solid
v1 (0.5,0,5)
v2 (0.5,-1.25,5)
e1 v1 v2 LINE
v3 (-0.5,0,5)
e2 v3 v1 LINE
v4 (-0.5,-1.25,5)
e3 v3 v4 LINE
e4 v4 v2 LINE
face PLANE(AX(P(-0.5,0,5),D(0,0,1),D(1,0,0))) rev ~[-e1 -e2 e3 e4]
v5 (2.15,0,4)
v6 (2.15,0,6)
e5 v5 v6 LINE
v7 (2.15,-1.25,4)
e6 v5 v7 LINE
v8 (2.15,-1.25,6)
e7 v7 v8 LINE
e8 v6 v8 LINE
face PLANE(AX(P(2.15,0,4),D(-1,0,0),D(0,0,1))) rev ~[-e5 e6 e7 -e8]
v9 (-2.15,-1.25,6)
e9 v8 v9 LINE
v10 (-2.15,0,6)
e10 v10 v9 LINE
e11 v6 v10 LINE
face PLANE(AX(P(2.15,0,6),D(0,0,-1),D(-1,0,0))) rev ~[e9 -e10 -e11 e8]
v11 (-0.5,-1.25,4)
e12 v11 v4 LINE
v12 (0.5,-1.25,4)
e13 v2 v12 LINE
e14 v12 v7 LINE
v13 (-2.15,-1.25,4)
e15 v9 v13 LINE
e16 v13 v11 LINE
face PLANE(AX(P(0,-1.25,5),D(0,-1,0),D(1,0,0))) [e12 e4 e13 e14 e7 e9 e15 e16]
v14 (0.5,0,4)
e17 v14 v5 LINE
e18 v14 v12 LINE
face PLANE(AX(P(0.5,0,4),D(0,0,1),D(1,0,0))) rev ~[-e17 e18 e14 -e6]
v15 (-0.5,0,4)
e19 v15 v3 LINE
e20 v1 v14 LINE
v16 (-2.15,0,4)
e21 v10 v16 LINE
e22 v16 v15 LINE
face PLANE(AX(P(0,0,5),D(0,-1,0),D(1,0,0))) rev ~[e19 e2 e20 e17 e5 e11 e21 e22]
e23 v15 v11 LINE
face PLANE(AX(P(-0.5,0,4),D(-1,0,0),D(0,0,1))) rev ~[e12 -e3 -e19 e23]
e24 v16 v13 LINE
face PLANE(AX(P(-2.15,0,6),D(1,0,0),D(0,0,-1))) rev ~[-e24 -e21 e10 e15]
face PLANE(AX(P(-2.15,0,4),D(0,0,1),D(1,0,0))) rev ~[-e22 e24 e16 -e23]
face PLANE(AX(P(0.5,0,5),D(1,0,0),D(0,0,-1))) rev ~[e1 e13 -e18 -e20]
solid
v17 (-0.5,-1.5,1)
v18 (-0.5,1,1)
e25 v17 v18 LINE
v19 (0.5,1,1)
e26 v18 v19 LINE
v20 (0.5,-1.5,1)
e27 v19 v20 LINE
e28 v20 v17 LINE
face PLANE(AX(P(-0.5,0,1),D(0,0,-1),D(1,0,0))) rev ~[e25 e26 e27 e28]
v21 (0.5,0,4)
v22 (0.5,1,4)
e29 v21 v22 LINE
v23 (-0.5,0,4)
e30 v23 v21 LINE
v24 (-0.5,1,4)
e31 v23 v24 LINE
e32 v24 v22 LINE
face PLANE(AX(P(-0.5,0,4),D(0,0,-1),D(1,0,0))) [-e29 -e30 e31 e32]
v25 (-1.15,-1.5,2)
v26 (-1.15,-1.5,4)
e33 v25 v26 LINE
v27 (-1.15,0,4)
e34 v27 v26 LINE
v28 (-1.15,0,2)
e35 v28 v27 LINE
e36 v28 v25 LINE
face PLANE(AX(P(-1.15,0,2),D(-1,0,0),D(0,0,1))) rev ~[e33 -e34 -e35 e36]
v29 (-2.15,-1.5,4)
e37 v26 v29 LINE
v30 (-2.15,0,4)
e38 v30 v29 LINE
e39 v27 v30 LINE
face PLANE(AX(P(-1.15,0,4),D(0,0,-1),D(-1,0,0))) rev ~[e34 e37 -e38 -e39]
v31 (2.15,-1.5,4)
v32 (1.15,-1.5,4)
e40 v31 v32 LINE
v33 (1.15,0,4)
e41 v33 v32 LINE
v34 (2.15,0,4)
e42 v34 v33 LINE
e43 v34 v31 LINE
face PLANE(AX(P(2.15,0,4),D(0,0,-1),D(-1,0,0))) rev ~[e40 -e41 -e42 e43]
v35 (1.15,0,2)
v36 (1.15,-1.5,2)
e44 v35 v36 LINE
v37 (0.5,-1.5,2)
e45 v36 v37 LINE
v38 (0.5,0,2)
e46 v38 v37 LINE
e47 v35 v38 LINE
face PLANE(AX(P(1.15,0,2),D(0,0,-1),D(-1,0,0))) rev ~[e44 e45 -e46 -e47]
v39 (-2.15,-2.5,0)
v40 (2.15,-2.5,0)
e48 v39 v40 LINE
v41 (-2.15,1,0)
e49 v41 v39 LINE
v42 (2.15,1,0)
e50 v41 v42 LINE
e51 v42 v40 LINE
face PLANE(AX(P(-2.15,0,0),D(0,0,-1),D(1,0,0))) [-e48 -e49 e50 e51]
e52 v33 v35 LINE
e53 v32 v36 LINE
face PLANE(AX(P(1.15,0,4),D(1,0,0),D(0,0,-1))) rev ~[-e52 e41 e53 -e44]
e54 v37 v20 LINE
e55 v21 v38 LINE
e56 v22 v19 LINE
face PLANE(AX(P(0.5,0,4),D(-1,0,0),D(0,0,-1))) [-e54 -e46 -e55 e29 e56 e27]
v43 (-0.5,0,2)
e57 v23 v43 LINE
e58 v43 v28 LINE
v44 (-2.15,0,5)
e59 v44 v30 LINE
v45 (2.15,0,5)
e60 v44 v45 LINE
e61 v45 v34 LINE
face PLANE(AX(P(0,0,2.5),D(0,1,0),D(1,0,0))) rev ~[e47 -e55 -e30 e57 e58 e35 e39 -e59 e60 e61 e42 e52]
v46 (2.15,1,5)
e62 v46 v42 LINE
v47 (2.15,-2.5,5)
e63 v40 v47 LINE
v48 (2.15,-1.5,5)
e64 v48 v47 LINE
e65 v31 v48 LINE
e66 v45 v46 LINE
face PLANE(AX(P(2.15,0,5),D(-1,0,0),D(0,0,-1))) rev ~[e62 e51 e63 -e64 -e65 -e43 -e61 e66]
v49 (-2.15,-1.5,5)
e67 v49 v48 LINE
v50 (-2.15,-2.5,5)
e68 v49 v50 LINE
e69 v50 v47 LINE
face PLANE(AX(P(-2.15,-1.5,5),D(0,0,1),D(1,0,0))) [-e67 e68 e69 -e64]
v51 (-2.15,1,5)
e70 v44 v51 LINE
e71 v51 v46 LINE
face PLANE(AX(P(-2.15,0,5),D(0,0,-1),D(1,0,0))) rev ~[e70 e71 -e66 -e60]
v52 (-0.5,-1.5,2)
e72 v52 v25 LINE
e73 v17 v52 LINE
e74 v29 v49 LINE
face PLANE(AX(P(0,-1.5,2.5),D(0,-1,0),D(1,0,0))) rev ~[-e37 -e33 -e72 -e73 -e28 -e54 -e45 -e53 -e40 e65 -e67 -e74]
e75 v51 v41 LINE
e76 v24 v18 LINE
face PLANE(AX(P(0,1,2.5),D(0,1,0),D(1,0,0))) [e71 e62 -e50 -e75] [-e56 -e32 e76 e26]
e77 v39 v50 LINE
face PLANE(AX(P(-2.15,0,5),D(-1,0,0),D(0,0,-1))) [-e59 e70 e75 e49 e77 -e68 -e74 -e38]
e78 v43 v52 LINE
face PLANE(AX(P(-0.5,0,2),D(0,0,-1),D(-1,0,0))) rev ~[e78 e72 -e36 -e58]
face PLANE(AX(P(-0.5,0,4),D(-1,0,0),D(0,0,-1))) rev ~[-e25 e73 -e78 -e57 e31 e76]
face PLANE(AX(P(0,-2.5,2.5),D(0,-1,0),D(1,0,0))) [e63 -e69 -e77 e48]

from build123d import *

# Parameters (mm, degrees)
PAD_DEPTH     = 1.5
SKETCH001_W   = 4.3
SKETCH001_H   = 5
PAD001_DEPTH  = 1
SKETCH002_W   = 4.3
SKETCH002_H   = 5
SKETCH002_W_2 = 1
SKETCH002_H_2 = 3
PAD002_DEPTH  = 1
PAD003_DEPTH  = 1.25


with BuildPart() as body:
    # Sketch → Pad (new body)
    with BuildSketch(Plane.XZ):
        Polygon((-2.15, 4), (-2.15, 0), (2.15, 0), (2.15, 4), (1.15, 4), (1.15, 2), (0.5, 2), (0.5, 1), (-0.5, 1), (-0.5, 2), (-1.15, 2), (-1.15, 4), align=None)
    extrude(amount=PAD_DEPTH)

    # Sketch001 (on Face14 of Pad) → Pad001 (join)
    with BuildSketch(Plane.XZ.offset(1.5)):
        with Locations((0, 2.5)):
            Rectangle(SKETCH001_W, SKETCH001_H)
    extrude(amount=PAD001_DEPTH)

    # Sketch002 (on Face4 of Pad001) → Pad002 (join)
    with BuildSketch(Plane(origin=(0, 0, 0), x_dir=(1, 0, 0), z_dir=(0, 1, 0))):
        with Locations((0, -2.5)):
            Rectangle(SKETCH002_W, SKETCH002_H)
        with Locations((0, -2.5)):
            Rectangle(SKETCH002_W_2, SKETCH002_H_2, mode=Mode.SUBTRACT)
    extrude(amount=PAD002_DEPTH)


with BuildPart() as top:
    # Sketch003 → Pad003 (new body)
    with BuildSketch(Plane.XZ):
        Polygon((-2.15, 6), (-2.15, 4), (-0.5, 4), (-0.5, 5), (0.5, 5), (0.5, 4), (2.15, 4), (2.15, 6), align=None)
    extrude(amount=PAD003_DEPTH)


solid = Compound([body.part, top.part])
